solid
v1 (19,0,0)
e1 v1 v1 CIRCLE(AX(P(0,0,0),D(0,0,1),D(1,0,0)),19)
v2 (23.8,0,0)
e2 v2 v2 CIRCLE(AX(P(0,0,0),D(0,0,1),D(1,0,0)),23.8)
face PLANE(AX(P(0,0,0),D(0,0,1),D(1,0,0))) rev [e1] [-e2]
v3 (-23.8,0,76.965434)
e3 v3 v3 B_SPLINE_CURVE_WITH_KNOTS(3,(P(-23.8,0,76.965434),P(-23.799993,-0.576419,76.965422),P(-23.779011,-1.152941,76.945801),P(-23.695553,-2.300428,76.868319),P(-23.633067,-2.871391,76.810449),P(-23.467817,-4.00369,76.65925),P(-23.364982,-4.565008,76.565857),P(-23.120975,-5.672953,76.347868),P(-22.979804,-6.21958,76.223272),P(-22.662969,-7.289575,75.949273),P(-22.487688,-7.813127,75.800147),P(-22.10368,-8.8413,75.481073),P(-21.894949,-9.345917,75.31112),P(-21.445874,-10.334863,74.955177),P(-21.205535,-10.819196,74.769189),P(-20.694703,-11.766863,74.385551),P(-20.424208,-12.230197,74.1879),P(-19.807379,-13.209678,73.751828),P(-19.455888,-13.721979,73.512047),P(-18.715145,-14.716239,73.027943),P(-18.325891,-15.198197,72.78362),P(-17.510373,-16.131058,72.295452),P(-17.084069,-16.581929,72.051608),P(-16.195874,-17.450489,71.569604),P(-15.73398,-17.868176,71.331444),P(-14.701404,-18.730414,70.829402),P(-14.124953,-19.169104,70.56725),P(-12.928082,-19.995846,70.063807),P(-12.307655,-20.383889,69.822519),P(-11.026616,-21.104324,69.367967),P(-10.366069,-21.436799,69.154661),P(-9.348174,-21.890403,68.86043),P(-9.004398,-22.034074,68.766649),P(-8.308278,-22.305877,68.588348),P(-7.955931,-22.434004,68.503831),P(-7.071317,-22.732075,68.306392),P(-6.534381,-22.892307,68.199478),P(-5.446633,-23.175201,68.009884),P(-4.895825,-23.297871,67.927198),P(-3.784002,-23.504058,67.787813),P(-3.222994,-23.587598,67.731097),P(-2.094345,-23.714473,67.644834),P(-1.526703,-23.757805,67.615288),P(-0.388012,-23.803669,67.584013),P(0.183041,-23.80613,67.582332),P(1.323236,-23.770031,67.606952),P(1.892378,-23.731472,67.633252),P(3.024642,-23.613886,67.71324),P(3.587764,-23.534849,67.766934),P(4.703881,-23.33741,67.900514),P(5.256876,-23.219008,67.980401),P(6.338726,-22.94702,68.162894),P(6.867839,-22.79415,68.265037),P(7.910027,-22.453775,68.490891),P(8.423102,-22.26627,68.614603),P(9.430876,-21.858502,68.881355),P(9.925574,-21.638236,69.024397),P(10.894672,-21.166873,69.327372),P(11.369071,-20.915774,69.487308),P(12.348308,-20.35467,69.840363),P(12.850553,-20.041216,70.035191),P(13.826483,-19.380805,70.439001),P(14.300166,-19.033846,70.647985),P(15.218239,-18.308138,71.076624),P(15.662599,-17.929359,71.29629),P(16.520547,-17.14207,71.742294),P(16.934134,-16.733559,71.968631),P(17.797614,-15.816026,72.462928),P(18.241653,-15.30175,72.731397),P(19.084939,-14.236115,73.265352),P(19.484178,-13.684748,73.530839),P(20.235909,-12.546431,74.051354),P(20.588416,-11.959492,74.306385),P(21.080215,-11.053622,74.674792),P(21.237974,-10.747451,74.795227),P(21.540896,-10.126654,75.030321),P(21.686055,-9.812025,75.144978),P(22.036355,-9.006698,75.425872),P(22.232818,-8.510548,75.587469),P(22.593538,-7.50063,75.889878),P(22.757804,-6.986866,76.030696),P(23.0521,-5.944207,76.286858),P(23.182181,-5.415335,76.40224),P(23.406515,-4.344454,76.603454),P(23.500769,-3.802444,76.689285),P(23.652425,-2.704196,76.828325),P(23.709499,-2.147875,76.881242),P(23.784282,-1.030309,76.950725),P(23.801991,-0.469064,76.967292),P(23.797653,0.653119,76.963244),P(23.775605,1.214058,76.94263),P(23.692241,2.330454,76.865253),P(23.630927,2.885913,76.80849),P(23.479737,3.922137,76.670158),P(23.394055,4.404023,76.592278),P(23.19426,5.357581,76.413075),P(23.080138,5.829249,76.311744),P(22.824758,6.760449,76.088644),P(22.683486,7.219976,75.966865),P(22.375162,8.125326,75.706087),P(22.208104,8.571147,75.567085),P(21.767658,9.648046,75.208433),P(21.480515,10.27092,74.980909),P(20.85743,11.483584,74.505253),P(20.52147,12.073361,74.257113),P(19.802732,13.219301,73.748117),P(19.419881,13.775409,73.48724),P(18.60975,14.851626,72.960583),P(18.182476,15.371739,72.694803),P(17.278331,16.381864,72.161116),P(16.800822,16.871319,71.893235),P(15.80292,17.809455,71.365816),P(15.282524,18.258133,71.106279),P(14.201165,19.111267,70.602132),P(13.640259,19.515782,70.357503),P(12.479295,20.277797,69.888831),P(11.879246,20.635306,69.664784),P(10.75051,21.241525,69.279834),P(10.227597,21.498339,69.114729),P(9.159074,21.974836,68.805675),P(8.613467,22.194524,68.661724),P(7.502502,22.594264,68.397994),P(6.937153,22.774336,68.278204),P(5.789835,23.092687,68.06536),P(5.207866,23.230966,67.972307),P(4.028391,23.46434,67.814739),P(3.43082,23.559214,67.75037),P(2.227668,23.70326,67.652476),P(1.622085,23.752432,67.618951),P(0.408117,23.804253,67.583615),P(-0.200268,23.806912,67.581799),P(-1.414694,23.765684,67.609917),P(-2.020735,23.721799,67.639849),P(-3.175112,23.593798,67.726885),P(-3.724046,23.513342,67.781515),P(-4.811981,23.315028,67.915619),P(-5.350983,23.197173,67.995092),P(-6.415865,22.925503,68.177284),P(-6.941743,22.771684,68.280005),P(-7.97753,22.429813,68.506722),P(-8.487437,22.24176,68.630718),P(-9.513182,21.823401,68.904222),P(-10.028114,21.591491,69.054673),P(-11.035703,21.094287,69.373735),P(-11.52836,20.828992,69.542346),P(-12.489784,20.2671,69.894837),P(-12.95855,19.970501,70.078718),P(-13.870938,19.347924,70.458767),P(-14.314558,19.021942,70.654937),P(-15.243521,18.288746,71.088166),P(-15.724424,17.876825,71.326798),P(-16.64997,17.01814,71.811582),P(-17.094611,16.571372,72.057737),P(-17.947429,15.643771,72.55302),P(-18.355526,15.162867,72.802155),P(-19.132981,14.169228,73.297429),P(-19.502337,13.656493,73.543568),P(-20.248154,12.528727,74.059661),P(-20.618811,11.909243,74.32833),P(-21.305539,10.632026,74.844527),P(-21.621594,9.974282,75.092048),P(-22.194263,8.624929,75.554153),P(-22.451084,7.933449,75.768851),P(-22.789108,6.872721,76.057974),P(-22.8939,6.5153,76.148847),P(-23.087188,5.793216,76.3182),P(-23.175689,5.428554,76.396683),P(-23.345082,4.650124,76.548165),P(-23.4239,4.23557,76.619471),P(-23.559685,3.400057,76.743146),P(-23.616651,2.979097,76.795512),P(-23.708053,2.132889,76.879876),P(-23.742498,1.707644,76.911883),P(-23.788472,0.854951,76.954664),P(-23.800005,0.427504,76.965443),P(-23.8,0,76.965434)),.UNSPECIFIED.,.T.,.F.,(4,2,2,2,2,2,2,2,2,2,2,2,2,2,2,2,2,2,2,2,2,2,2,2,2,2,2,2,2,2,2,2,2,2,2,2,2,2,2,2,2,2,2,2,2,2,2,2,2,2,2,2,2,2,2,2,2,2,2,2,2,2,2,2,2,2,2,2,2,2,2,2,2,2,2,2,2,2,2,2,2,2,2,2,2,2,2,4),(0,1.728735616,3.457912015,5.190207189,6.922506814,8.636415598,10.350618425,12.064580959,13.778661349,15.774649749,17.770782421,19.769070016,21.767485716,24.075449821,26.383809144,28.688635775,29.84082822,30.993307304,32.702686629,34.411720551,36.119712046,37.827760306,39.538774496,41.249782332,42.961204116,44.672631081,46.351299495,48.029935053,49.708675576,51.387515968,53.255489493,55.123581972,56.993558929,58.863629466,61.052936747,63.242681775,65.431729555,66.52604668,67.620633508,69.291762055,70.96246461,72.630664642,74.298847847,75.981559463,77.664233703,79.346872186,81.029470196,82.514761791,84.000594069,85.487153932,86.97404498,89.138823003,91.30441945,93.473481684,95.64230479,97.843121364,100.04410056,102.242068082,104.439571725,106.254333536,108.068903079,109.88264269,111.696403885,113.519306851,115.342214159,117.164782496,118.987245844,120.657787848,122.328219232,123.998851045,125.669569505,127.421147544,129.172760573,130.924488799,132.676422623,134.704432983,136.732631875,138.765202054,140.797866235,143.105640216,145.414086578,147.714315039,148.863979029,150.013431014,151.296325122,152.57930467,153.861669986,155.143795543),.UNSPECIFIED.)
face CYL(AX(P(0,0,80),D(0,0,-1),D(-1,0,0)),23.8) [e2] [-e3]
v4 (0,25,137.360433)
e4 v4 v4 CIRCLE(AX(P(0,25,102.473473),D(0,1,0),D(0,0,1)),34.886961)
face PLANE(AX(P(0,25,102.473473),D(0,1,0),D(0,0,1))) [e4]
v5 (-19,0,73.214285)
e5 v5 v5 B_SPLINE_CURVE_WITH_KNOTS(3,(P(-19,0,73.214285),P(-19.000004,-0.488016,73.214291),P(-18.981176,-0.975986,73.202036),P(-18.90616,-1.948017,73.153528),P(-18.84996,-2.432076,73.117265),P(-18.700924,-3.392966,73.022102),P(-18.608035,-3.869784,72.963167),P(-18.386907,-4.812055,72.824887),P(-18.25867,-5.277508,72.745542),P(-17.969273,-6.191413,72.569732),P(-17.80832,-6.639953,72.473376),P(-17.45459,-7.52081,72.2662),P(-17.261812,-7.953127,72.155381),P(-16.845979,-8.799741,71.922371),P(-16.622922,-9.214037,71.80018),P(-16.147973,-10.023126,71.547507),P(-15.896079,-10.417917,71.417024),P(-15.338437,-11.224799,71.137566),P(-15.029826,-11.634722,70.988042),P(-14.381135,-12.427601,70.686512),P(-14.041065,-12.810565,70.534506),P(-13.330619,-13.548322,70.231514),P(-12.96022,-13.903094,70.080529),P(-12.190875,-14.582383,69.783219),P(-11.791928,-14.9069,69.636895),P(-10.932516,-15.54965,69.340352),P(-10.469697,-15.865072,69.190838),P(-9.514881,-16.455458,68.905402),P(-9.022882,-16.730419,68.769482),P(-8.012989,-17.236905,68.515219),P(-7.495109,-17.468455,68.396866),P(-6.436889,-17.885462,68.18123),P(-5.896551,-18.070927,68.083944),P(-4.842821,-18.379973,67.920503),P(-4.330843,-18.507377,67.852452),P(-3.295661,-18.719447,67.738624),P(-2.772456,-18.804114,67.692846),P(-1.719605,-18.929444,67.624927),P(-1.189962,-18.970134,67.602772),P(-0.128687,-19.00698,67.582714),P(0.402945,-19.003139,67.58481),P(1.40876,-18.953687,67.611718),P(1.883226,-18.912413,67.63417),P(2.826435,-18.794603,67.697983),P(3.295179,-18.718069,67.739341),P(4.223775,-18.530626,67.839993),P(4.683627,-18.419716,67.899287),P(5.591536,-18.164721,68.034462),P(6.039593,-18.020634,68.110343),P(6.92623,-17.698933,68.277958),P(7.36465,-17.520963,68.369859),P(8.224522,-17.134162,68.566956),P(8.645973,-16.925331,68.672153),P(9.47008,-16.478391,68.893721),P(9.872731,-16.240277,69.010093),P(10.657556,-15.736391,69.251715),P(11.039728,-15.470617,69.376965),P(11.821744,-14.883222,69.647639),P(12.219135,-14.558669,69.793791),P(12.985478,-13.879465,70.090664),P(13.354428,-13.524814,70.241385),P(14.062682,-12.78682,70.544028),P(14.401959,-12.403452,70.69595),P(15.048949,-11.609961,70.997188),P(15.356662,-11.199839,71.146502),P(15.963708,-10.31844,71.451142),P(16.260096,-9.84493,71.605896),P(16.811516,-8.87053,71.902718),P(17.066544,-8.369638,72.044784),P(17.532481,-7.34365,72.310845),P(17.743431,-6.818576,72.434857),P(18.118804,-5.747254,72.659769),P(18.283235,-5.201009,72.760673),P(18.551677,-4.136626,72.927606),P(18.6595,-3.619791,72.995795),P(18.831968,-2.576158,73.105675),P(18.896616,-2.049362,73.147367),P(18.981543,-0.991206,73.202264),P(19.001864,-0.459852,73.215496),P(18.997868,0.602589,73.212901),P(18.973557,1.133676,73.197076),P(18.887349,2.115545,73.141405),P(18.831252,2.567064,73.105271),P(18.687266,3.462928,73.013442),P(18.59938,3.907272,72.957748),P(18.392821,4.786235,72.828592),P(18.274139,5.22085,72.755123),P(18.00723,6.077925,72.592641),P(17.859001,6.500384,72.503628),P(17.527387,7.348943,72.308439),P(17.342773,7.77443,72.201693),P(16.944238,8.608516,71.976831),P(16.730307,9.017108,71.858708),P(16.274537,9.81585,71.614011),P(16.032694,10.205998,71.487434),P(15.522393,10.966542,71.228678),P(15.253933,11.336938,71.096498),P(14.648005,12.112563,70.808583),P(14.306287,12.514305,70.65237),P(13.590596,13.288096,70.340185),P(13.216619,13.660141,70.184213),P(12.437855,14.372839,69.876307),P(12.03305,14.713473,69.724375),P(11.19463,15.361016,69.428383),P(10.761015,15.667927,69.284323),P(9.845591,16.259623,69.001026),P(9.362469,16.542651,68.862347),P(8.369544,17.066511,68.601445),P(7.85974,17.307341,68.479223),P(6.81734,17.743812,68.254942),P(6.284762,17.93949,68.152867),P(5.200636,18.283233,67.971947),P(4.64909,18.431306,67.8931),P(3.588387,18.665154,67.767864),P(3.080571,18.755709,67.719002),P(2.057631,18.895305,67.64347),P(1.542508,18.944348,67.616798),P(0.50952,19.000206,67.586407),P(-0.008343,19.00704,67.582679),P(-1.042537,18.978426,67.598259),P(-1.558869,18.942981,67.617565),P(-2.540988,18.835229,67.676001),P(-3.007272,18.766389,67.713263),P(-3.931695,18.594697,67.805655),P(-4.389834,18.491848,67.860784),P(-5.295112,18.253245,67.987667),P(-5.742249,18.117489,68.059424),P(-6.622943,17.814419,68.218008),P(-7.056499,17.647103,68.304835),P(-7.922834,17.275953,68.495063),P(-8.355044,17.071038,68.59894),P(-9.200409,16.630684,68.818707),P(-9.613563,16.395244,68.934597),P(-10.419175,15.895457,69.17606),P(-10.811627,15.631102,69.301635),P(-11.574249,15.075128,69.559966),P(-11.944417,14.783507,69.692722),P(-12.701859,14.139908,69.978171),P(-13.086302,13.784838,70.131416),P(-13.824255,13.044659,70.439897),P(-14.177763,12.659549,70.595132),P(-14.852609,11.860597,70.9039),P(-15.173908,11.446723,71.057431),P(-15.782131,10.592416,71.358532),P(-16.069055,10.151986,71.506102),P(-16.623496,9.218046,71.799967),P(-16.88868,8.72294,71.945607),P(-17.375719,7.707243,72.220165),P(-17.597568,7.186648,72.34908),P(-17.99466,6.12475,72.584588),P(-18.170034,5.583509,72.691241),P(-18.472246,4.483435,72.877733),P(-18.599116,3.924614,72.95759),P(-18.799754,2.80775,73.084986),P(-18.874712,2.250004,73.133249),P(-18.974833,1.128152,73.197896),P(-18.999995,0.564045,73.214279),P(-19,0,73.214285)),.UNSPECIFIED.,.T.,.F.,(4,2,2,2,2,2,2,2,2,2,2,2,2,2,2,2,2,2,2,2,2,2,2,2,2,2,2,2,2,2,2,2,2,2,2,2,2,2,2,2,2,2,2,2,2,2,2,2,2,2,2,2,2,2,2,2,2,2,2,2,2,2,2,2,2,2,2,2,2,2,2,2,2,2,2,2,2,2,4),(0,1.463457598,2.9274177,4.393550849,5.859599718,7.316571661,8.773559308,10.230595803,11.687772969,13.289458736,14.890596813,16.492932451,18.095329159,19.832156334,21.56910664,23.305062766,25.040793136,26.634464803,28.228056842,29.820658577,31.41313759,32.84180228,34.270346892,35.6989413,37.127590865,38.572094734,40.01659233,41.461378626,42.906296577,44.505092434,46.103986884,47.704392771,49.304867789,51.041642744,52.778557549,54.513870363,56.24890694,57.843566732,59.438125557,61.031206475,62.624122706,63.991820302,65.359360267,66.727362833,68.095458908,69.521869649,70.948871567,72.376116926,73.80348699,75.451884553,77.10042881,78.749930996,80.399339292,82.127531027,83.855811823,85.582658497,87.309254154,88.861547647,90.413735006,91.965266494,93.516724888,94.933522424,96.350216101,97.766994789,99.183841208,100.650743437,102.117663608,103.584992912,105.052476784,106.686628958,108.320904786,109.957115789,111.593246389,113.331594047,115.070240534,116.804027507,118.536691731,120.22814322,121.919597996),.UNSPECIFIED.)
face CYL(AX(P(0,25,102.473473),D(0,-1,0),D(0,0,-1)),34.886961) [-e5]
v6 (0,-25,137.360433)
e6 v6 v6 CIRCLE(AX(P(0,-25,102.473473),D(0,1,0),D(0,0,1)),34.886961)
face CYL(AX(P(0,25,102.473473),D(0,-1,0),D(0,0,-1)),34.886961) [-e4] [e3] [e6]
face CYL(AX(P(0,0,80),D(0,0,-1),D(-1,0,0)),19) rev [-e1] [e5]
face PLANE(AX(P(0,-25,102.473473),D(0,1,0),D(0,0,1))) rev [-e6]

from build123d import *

# Parameters (mm, degrees)
SKETCH1_R           = 23.8
SKETCH1_R_2         = 19
BOSS_EXTRUDE1_DEPTH = 80
SKETCH5_R           = 34.886960806
BOSS_EXTRUDE2_DEPTH = 25


with BuildPart() as part:
    # Sketch1 → Boss-Extrude1 (new body)
    with BuildSketch(Plane.XY):
        Circle(SKETCH1_R)
        Circle(SKETCH1_R_2, mode=Mode.SUBTRACT)
    extrude(amount=BOSS_EXTRUDE1_DEPTH)

    # Sketch5 → Boss-Extrude2 (add, symmetric)
    with BuildSketch(Plane(origin=(0, 0, 0), x_dir=(1, 0, 0), z_dir=(0, 1, 0))):
        with Locations((0, -102.473472637)):
            Circle(SKETCH5_R)
    extrude(amount=BOSS_EXTRUDE2_DEPTH, both=True)


solid = part.part
